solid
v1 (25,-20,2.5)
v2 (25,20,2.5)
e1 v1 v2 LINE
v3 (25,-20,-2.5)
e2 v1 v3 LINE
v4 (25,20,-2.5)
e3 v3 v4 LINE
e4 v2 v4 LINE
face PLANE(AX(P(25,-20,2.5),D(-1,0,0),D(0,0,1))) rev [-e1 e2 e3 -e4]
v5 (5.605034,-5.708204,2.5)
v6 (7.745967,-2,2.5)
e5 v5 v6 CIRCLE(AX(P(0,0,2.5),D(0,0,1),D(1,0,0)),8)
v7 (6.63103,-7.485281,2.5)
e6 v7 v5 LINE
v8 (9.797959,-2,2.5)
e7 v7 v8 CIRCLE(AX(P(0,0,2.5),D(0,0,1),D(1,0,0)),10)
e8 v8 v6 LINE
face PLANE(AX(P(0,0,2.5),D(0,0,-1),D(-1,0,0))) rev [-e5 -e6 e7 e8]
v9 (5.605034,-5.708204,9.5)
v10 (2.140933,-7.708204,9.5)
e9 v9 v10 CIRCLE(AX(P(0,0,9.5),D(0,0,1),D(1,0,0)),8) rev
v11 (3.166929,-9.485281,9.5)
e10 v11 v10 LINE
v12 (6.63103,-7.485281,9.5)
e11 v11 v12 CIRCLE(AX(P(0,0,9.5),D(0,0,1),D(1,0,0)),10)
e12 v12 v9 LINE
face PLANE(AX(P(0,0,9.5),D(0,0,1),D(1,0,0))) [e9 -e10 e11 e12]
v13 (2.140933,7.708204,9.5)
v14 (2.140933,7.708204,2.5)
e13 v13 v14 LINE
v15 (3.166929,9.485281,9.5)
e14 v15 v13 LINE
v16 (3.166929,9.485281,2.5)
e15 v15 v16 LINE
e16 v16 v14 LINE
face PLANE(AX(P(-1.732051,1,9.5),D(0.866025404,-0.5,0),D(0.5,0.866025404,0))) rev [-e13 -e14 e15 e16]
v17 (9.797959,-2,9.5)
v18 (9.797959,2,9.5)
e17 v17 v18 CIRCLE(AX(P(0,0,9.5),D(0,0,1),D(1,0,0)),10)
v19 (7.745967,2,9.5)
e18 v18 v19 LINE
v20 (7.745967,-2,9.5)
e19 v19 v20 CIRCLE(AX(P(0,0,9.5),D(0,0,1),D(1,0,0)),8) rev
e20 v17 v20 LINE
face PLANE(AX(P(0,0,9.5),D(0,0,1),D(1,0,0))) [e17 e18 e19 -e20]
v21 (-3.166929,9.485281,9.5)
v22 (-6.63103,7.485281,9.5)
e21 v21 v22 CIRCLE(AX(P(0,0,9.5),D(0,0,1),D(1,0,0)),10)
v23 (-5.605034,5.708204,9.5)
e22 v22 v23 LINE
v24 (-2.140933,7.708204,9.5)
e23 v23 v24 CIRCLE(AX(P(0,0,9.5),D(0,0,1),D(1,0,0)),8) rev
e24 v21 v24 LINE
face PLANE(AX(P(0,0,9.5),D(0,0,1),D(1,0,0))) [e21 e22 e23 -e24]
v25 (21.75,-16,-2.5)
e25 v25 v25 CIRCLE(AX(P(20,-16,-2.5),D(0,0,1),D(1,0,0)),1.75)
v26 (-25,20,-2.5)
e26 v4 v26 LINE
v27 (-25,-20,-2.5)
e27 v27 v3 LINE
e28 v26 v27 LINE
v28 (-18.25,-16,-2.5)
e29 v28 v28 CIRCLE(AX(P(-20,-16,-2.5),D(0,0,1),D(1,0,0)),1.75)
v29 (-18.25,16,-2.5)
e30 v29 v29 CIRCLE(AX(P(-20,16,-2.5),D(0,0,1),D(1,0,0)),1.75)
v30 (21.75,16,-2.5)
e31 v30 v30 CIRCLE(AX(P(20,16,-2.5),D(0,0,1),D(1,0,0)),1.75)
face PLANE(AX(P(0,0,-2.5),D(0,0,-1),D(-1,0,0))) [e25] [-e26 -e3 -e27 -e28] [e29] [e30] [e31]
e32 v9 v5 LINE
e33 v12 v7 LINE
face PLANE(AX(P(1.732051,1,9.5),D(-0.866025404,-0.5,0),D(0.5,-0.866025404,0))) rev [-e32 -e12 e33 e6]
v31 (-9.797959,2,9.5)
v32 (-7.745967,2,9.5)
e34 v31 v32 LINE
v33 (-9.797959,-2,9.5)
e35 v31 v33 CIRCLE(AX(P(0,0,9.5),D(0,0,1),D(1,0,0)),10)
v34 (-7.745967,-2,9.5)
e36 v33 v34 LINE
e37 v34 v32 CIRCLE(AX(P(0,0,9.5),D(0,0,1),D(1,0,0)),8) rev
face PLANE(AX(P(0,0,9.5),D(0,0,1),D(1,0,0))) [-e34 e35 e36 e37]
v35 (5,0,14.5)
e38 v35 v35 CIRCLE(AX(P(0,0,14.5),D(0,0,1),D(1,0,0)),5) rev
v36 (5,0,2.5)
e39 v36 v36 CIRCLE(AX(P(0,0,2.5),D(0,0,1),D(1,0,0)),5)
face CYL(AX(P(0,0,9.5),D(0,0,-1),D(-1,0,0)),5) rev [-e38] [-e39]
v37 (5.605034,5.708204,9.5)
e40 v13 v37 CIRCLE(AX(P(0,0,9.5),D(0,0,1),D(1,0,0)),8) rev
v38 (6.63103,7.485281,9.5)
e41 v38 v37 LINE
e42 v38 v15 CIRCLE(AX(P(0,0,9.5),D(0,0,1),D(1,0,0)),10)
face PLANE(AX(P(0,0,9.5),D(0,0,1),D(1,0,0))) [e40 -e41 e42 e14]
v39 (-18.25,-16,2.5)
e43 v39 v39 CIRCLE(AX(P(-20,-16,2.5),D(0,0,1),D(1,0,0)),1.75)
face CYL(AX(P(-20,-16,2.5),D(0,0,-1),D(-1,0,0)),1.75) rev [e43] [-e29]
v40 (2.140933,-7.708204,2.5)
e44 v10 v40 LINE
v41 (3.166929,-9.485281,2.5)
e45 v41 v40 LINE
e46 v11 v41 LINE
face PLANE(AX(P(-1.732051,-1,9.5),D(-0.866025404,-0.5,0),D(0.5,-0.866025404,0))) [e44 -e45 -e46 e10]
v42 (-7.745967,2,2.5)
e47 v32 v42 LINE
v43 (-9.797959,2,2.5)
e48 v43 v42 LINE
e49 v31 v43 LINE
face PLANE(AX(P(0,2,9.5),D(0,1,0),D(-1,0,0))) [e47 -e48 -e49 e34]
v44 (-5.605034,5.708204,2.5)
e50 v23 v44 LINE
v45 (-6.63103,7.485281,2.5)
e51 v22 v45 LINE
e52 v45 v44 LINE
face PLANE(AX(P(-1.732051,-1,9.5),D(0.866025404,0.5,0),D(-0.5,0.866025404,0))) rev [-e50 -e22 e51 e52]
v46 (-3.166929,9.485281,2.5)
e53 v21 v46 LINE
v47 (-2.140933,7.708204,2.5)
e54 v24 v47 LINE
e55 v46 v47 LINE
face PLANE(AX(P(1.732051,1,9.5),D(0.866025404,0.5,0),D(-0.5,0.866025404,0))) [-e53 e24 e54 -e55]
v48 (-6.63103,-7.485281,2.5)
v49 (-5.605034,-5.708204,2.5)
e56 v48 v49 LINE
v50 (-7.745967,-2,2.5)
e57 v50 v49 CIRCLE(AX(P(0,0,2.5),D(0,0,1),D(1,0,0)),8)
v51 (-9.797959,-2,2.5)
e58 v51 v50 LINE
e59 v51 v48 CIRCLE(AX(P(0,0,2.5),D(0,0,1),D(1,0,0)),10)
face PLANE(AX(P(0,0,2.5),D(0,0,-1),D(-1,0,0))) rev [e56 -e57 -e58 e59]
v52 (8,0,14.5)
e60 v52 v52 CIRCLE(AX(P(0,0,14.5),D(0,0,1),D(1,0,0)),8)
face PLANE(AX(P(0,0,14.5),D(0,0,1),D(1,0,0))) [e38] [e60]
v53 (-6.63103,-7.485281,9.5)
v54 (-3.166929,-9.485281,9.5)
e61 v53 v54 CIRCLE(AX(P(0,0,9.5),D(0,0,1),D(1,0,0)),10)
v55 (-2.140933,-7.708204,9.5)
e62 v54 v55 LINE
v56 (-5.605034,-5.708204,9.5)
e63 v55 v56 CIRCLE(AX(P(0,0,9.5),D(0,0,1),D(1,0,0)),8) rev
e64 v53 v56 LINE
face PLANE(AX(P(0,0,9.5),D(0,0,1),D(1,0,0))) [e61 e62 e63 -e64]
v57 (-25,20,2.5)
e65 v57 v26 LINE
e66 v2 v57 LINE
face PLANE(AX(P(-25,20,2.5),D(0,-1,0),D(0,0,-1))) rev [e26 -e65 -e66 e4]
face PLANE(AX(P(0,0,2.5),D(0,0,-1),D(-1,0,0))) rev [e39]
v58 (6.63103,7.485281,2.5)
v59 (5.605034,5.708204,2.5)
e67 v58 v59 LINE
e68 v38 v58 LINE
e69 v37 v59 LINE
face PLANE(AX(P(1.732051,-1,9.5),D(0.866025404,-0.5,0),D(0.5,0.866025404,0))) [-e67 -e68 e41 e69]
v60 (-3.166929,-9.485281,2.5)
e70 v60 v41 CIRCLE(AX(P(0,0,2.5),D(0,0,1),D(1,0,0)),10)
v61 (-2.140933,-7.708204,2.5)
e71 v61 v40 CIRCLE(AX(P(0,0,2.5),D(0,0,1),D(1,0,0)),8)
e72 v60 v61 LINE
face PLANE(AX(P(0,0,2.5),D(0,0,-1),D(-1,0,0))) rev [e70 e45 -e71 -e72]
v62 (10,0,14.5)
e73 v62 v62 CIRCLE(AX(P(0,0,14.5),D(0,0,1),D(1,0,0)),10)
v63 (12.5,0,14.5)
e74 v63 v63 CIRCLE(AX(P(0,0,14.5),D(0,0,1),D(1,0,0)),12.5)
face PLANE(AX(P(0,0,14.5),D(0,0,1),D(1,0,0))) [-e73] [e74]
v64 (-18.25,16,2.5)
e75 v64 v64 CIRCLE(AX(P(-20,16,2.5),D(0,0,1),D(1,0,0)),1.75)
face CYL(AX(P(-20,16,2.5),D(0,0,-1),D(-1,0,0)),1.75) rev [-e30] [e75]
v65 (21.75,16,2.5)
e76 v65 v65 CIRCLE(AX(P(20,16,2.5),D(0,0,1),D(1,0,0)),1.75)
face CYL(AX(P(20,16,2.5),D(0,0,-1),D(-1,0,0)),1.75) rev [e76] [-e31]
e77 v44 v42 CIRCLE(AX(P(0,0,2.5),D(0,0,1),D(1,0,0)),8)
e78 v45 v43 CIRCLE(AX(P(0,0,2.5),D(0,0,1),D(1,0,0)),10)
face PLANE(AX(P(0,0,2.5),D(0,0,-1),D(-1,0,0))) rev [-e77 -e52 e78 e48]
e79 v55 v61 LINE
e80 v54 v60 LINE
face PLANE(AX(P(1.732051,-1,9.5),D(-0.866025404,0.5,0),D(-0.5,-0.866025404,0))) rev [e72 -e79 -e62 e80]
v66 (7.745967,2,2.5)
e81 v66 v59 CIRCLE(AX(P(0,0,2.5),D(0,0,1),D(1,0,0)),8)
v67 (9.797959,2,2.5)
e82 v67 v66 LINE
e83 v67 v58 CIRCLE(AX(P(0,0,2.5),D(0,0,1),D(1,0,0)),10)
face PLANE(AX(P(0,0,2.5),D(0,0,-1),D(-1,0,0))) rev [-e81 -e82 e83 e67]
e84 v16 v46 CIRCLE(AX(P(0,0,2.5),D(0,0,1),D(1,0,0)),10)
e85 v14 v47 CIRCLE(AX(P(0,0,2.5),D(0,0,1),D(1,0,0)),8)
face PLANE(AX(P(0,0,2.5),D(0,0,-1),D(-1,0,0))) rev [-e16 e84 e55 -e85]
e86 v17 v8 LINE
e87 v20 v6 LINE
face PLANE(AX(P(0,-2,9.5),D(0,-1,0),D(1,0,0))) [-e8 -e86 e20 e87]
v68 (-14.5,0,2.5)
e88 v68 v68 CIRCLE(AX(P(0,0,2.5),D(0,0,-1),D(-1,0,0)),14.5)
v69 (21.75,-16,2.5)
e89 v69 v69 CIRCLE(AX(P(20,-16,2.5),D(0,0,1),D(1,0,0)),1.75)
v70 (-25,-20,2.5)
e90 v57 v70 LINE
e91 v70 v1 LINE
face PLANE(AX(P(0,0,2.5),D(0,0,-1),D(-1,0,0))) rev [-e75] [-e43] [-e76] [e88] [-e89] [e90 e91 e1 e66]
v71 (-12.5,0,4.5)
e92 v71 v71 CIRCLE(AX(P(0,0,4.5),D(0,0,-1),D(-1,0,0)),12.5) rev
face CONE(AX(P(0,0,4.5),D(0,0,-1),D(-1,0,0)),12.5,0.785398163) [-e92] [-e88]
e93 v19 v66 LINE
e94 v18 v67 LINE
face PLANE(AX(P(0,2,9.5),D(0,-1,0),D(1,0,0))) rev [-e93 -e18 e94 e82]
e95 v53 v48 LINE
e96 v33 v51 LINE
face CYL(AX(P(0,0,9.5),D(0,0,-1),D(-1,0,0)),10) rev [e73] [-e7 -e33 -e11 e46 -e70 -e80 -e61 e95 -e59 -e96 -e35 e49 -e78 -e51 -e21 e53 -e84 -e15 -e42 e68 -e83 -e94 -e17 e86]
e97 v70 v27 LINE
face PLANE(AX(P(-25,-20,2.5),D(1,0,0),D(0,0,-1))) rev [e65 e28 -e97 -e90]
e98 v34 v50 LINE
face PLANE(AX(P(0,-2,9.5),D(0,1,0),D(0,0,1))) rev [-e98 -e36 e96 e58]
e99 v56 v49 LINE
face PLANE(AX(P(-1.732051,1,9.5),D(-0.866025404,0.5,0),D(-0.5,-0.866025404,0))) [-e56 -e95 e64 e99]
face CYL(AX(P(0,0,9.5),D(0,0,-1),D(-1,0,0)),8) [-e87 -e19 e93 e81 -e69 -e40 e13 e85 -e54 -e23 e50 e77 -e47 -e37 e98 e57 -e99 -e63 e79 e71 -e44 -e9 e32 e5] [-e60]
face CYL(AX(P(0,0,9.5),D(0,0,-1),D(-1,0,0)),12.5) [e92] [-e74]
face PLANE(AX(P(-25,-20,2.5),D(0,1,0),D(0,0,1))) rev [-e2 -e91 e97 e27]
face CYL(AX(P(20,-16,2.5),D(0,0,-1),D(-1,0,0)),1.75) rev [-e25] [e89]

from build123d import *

# Parameters (mm, degrees)
CROQUIS1_W              = 50
CROQUIS1_H              = 40
CROQUIS1_R              = 1.75
SALIENTE_EXTRUIR1_DEPTH = 2.5
CROQUIS2_R              = 12.5
CROQUIS2_R_2            = 10
CROQUIS2_R_3            = 8
CROQUIS2_R_4            = 5
SALIENTE_EXTRUIR2_DEPTH = 7
CROQUIS4_R              = 12.5
CROQUIS4_R_2            = 5
SALIENTE_EXTRUIR3_DEPTH = 5
CHAFL_N1_SIZE           = 2


with BuildPart() as part:
    # Croquis1 → Saliente-Extruir1 (new, symmetric)
    with BuildSketch(Plane.XY):
        Rectangle(CROQUIS1_W, CROQUIS1_H)
        with Locations((-20, 16)):
            Circle(CROQUIS1_R, mode=Mode.SUBTRACT)
        with Locations((20, 16)):
            Circle(CROQUIS1_R, mode=Mode.SUBTRACT)
        with Locations((20, -16)):
            Circle(CROQUIS1_R, mode=Mode.SUBTRACT)
        with Locations((-20, -16)):
            Circle(CROQUIS1_R, mode=Mode.SUBTRACT)
    extrude(amount=SALIENTE_EXTRUIR1_DEPTH, both=True)

    # Croquis2 → Saliente-Extruir2 (add)
    with BuildSketch(Plane.XY.offset(2.5)):
        with Locations(Location((0, 0, 0), (0, 0, 180))):
            Circle(CROQUIS2_R)
        Circle(CROQUIS2_R_2, mode=Mode.SUBTRACT)
        with BuildLine():
            ThreePointArc((-9.797958971, 2), (-10, 0), (-9.797958971, -2))
            Line((-9.797958971, -2), (-7.745966692, -2))
            ThreePointArc((-7.745966692, -2), (-8, 0), (-7.745966692, 2))
            Line((-7.745966692, 2), (-9.797958971, 2))
        make_face()
        with BuildLine():
            Line((-5.605034154, -5.708203932), (-6.631030293, -7.485281374))
            ThreePointArc((-6.631030293, -7.485281374), (-5, -8.660254038), (-3.166928678, -9.485281374))
            Line((-3.166928678, -9.485281374), (-2.140932539, -7.708203932))
            ThreePointArc((-2.140932539, -7.708203932), (-4, -6.92820323), (-5.605034154, -5.708203932))
        make_face()
        with BuildLine():
            Line((2.140932539, -7.708203932), (3.166928678, -9.485281374))
            ThreePointArc((3.166928678, -9.485281374), (5, -8.660254038), (6.631030293, -7.485281374))
            Line((6.631030293, -7.485281374), (5.605034154, -5.708203933))
            ThreePointArc((5.605034154, -5.708203933), (4, -6.92820323), (2.140932539, -7.708203932))
        make_face()
        with BuildLine():
            Line((7.745966692, -2), (9.797958971, -2))
            ThreePointArc((9.797958971, -2), (9.94936153, -1.00508962), (10, 0))
            ThreePointArc((10, 0), (9.94936153, 1.00508962), (9.797958971, 2))
            Line((9.797958971, 2), (7.745966692, 2))
            ThreePointArc((7.745966692, 2), (7.93623757, 1.00803434), (8, 0))
            ThreePointArc((8, 0), (7.93623757, -1.00803434), (7.745966692, -2))
        make_face()
        with BuildLine():
            ThreePointArc((6.631030293, 7.485281374), (5, 8.660254038), (3.166928678, 9.485281374))
            Line((3.166928678, 9.485281374), (2.140932539, 7.708203932))
            ThreePointArc((2.140932539, 7.708203932), (4, 6.92820323), (5.605034154, 5.708203932))
            Line((5.605034154, 5.708203932), (6.631030293, 7.485281374))
        make_face()
        with BuildLine():
            ThreePointArc((-3.166928678, 9.485281374), (-5, 8.660254038), (-6.631030293, 7.485281374))
            Line((-6.631030293, 7.485281374), (-5.605034154, 5.708203932))
            ThreePointArc((-5.605034154, 5.708203932), (-4, 6.92820323), (-2.140932539, 7.708203932))
            Line((-2.140932539, 7.708203932), (-3.166928678, 9.485281374))
        make_face()
        Circle(CROQUIS2_R_3)
        Circle(CROQUIS2_R_4, mode=Mode.SUBTRACT)
    extrude(amount=SALIENTE_EXTRUIR2_DEPTH)

    # Croquis4 → Saliente-Extruir3 (add)
    with BuildSketch(Plane.XY.offset(9.5)):
        with Locations(Location((0, 0, 0), (0, 0, 180))):
            Circle(CROQUIS4_R)
        with BuildLine():
            ThreePointArc((9.797958971, 2), (9.94936153, 1.00508962), (10, 0))
            ThreePointArc((10, 0), (9.94936153, -1.00508962), (9.797958971, -2))
            ThreePointArc((9.797958971, -2), (8.660254038, -5), (6.631030293, -7.485281374))
            ThreePointArc((6.631030293, -7.485281374), (5, -8.660254038), (3.166928678, -9.485281374))
            ThreePointArc((3.166928678, -9.485281374), (0, -10), (-3.166928678, -9.485281374))
            ThreePointArc((-3.166928678, -9.485281374), (-5, -8.660254038), (-6.631030293, -7.485281374))
            ThreePointArc((-6.631030293, -7.485281374), (-8.660254038, -5), (-9.797958971, -2))
            ThreePointArc((-9.797958971, -2), (-10, 0), (-9.797958971, 2))
            ThreePointArc((-9.797958971, 2), (-8.660254038, 5), (-6.631030293, 7.485281374))
            ThreePointArc((-6.631030293, 7.485281374), (-5, 8.660254038), (-3.166928678, 9.485281374))
            ThreePointArc((-3.166928678, 9.485281374), (0, 10), (3.166928678, 9.485281374))
            ThreePointArc((3.166928678, 9.485281374), (5, 8.660254038), (6.631030293, 7.485281374))
            ThreePointArc((6.631030293, 7.485281374), (8.660254038, 5), (9.797958971, 2))
        make_face(mode=Mode.SUBTRACT)
        with BuildLine():
            ThreePointArc((7.745966692, -2), (7.93623757, -1.00803434), (8, 0))
            ThreePointArc((8, 0), (7.93623757, 1.00803434), (7.745966692, 2))
            ThreePointArc((7.745966692, 2), (6.92820323, 4), (5.605034154, 5.708203932))
            ThreePointArc((5.605034154, 5.708203932), (4, 6.92820323), (2.140932539, 7.708203932))
            ThreePointArc((2.140932539, 7.708203932), (0, 8), (-2.140932539, 7.708203932))
            ThreePointArc((-2.140932539, 7.708203932), (-4, 6.92820323), (-5.605034154, 5.708203932))
            ThreePointArc((-5.605034154, 5.708203932), (-6.92820323, 4), (-7.745966692, 2))
            ThreePointArc((-7.745966692, 2), (-8, 0), (-7.745966692, -2))
            ThreePointArc((-7.745966692, -2), (-6.92820323, -4), (-5.605034154, -5.708203932))
            ThreePointArc((-5.605034154, -5.708203932), (-4, -6.92820323), (-2.140932539, -7.708203932))
            ThreePointArc((-2.140932539, -7.708203932), (0, -8), (2.140932539, -7.708203932))
            ThreePointArc((2.140932539, -7.708203932), (4, -6.92820323), (5.605034154, -5.708203933))
            ThreePointArc((5.605034154, -5.708203933), (6.92820323, -4), (7.745966692, -2))
        make_face()
        Circle(CROQUIS4_R_2, mode=Mode.SUBTRACT)
    extrude(amount=SALIENTE_EXTRUIR3_DEPTH)

    # Chaflán1
    chafl_n1_edges = [part.edges().sort_by_distance(p)[0] for p in [
        (12.5, 0, 2.5),
    ]]
    chamfer(chafl_n1_edges, length=CHAFL_N1_SIZE)


solid = part.part
